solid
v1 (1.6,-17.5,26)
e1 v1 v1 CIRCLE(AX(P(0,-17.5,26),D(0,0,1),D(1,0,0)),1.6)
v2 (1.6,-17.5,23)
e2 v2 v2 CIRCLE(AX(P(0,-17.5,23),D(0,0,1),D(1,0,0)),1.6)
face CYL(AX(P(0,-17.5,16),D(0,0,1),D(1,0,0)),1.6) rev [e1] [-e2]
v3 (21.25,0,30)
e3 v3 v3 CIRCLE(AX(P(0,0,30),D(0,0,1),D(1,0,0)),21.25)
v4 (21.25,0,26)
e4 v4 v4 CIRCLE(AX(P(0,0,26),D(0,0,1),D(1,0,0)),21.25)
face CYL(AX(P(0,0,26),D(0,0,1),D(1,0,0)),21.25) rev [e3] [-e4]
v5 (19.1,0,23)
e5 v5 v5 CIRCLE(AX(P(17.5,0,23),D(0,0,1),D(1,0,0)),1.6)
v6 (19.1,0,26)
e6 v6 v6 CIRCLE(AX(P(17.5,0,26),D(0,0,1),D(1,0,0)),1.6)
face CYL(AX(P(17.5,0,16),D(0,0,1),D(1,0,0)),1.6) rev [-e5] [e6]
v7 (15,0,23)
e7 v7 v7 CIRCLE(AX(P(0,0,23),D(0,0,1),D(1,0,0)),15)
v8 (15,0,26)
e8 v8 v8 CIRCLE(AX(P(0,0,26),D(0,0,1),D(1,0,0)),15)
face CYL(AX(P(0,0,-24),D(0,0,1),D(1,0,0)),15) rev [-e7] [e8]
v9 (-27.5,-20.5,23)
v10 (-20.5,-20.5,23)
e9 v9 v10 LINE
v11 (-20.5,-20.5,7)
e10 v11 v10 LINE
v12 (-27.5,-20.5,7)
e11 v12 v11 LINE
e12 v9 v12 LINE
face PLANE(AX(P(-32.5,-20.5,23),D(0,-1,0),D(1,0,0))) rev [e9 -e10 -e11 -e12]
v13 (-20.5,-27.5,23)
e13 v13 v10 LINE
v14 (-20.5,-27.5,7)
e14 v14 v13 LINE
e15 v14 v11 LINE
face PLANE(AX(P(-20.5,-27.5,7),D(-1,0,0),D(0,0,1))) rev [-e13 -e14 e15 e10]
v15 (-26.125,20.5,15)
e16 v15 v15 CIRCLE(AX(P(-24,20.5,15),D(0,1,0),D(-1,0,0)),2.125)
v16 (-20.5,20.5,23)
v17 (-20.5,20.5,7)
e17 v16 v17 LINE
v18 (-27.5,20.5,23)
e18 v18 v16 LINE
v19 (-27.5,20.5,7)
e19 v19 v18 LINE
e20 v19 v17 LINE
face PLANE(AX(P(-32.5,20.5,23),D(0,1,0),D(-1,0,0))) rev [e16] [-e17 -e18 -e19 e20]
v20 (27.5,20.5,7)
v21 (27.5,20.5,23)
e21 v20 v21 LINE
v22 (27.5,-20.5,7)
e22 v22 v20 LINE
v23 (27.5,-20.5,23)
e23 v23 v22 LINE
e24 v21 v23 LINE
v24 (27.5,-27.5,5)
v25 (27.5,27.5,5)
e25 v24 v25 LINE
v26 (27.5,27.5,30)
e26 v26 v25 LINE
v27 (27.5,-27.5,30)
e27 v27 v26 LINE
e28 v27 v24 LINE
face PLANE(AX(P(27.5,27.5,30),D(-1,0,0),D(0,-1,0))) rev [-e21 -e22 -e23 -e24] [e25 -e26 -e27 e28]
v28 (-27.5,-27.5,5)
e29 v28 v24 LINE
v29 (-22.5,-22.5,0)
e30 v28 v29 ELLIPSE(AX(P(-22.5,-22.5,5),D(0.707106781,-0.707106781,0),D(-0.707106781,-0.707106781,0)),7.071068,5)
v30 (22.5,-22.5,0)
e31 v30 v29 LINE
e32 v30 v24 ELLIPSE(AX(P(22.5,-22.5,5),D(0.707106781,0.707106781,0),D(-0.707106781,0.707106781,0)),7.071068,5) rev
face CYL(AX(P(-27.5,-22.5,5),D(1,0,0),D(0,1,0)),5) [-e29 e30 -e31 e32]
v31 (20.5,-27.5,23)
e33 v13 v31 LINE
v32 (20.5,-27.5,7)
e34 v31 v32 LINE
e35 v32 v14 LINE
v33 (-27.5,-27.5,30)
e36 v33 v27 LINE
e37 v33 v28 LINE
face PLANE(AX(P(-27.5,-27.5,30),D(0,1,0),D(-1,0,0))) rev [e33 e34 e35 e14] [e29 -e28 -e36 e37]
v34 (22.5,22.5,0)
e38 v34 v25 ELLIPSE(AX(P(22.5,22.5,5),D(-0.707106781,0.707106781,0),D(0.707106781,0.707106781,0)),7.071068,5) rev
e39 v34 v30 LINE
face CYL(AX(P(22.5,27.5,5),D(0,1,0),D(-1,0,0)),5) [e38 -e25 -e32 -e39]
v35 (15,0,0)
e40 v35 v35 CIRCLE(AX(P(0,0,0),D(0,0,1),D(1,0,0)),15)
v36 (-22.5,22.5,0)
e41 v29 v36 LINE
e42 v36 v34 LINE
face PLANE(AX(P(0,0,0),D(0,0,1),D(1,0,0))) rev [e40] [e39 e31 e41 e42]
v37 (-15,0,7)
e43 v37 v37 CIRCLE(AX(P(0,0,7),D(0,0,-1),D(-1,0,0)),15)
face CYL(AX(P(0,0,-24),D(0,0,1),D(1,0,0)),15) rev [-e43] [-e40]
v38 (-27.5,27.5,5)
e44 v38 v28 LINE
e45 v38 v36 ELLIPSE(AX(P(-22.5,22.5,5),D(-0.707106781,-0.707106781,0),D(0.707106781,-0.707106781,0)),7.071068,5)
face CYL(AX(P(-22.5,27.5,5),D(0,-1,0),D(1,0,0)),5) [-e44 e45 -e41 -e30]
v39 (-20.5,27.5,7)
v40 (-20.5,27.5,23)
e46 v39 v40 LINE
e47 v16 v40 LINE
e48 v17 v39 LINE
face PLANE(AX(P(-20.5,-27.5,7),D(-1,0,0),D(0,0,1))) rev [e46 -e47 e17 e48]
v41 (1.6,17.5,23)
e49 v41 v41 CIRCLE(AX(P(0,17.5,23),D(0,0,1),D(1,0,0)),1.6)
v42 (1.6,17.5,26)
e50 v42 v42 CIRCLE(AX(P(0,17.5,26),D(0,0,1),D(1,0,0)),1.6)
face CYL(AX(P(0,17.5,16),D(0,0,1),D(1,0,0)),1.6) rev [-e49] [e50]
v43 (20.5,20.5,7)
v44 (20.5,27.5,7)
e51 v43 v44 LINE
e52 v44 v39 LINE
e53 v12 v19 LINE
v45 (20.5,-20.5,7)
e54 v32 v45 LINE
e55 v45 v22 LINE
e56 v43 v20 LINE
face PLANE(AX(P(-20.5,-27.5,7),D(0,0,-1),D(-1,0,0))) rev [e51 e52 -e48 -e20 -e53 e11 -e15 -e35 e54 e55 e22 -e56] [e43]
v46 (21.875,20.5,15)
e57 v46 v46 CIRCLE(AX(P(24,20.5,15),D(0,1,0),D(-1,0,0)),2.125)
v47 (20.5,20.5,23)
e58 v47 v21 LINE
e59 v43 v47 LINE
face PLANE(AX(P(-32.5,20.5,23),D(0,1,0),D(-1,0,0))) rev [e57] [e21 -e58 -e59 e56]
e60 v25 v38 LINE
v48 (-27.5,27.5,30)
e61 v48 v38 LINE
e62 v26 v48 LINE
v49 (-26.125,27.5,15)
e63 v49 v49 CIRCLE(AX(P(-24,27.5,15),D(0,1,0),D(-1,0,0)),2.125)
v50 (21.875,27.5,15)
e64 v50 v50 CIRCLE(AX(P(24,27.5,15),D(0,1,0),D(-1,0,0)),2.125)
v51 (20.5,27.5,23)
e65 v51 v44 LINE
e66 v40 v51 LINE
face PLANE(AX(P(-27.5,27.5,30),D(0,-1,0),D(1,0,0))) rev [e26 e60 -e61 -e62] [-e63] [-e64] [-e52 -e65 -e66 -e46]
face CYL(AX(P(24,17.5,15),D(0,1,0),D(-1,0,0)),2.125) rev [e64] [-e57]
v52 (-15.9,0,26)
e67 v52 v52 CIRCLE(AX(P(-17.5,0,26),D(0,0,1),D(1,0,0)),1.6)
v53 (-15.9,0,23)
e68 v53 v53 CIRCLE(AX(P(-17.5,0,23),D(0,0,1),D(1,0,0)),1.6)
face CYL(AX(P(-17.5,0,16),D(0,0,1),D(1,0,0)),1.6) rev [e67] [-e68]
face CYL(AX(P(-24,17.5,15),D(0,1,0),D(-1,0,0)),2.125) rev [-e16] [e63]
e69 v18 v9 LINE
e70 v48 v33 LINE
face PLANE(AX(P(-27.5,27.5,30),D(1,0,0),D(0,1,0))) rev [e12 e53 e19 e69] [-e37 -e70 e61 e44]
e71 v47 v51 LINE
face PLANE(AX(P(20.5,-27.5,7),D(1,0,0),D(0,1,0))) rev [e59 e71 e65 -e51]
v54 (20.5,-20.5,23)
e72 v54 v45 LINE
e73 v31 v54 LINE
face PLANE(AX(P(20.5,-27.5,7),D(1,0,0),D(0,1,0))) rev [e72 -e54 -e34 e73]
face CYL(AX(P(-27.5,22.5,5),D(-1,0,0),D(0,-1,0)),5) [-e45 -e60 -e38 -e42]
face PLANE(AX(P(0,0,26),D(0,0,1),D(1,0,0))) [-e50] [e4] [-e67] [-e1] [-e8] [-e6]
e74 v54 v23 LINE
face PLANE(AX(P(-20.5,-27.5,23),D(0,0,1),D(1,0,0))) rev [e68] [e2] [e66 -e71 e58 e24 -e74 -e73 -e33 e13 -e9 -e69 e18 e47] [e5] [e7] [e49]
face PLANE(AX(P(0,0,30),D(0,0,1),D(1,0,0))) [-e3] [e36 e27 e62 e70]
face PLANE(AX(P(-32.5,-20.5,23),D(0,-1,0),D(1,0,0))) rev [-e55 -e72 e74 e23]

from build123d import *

# Parameters (mm, degrees)
SKETCH1_W           = 55
SKETCH1_H           = 55
BOSS_EXTRUDE1_DEPTH = 30
SKETCH4_W           = 41
SKETCH4_H           = 16
CUT_EXTRUDE1_DEPTH  = 69.419660917
SKETCH5_W           = 16
SKETCH5_H           = 41
CUT_EXTRUDE2_DEPTH  = 60
SKETCH7_R           = 21.25
CUT_EXTRUDE3_DEPTH  = 4
SKETCH8_R           = 15
CUT_EXTRUDE4_DEPTH  = 50
SKETCH9_R           = 1.6
CUT_EXTRUDE5_DEPTH  = 10
SKETCH11_R          = 2.125
CUT_EXTRUDE6_DEPTH  = 10
FILLET2_R           = 5


with BuildPart() as part:
    # Sketch1 → Boss-Extrude1 (new body)
    with BuildSketch(Plane.XY):
        Rectangle(SKETCH1_W, SKETCH1_H)
    extrude(amount=BOSS_EXTRUDE1_DEPTH)

    # Sketch4 → Cut-Extrude1 (cut, through all)
    with BuildSketch(Plane(origin=(0, 27.5, 0), x_dir=(1, 0, 0), z_dir=(0, 1, 0))):
        with Locations((0, -15)):
            Rectangle(SKETCH4_W, SKETCH4_H)
    extrude(amount=-CUT_EXTRUDE1_DEPTH, mode=Mode.SUBTRACT)

    # Sketch5 → Cut-Extrude2 (cut)
    with BuildSketch(Plane(origin=(27.5, 0, 0), x_dir=(0, 0, -1), z_dir=(1, 0, 0))):
        with Locations((-15, 0)):
            Rectangle(SKETCH5_W, SKETCH5_H)
    extrude(amount=-CUT_EXTRUDE2_DEPTH, mode=Mode.SUBTRACT)

    # Sketch7 → Cut-Extrude3 (cut)
    with BuildSketch(Plane.XY.offset(30)):
        Circle(SKETCH7_R)
    extrude(amount=-CUT_EXTRUDE3_DEPTH, mode=Mode.SUBTRACT)

    # Sketch8 → Cut-Extrude4 (cut)
    with BuildSketch(Plane.XY.offset(26)):
        Circle(SKETCH8_R)
    extrude(amount=-CUT_EXTRUDE4_DEPTH, mode=Mode.SUBTRACT)

    # Sketch9 → Cut-Extrude5 (cut)
    with BuildSketch(Plane.XY.offset(26)):
        with Locations((0, 17.5)):
            Circle(SKETCH9_R)
        with Locations((17.5, 0)):
            Circle(SKETCH9_R)
        with Locations((0, -17.5)):
            Circle(SKETCH9_R)
        with Locations((-17.5, 0)):
            Circle(SKETCH9_R)
    extrude(amount=-CUT_EXTRUDE5_DEPTH, mode=Mode.SUBTRACT)

    # Sketch11 → Cut-Extrude6 (cut)
    with BuildSketch(Plane(origin=(0, 27.5, 0), x_dir=(1, 0, 0), z_dir=(0, 1, 0))):
        with Locations(Location((-24, -15, 0), (0, 0, 180))):
            Circle(SKETCH11_R)
        with Locations(Location((24, -15, 0), (0, 0, 180))):
            Circle(SKETCH11_R)
    extrude(amount=-CUT_EXTRUDE6_DEPTH, mode=Mode.SUBTRACT)

    # Fillet2
    fillet2_edges = [part.edges().sort_by_distance(p)[0] for p in [
        (0, 27.5, 0),
        (27.5, 0, 0),
        (0, -27.5, 0),
        (-27.5, 0, 0),
    ]]
    fillet(fillet2_edges, radius=FILLET2_R)


solid = part.part
